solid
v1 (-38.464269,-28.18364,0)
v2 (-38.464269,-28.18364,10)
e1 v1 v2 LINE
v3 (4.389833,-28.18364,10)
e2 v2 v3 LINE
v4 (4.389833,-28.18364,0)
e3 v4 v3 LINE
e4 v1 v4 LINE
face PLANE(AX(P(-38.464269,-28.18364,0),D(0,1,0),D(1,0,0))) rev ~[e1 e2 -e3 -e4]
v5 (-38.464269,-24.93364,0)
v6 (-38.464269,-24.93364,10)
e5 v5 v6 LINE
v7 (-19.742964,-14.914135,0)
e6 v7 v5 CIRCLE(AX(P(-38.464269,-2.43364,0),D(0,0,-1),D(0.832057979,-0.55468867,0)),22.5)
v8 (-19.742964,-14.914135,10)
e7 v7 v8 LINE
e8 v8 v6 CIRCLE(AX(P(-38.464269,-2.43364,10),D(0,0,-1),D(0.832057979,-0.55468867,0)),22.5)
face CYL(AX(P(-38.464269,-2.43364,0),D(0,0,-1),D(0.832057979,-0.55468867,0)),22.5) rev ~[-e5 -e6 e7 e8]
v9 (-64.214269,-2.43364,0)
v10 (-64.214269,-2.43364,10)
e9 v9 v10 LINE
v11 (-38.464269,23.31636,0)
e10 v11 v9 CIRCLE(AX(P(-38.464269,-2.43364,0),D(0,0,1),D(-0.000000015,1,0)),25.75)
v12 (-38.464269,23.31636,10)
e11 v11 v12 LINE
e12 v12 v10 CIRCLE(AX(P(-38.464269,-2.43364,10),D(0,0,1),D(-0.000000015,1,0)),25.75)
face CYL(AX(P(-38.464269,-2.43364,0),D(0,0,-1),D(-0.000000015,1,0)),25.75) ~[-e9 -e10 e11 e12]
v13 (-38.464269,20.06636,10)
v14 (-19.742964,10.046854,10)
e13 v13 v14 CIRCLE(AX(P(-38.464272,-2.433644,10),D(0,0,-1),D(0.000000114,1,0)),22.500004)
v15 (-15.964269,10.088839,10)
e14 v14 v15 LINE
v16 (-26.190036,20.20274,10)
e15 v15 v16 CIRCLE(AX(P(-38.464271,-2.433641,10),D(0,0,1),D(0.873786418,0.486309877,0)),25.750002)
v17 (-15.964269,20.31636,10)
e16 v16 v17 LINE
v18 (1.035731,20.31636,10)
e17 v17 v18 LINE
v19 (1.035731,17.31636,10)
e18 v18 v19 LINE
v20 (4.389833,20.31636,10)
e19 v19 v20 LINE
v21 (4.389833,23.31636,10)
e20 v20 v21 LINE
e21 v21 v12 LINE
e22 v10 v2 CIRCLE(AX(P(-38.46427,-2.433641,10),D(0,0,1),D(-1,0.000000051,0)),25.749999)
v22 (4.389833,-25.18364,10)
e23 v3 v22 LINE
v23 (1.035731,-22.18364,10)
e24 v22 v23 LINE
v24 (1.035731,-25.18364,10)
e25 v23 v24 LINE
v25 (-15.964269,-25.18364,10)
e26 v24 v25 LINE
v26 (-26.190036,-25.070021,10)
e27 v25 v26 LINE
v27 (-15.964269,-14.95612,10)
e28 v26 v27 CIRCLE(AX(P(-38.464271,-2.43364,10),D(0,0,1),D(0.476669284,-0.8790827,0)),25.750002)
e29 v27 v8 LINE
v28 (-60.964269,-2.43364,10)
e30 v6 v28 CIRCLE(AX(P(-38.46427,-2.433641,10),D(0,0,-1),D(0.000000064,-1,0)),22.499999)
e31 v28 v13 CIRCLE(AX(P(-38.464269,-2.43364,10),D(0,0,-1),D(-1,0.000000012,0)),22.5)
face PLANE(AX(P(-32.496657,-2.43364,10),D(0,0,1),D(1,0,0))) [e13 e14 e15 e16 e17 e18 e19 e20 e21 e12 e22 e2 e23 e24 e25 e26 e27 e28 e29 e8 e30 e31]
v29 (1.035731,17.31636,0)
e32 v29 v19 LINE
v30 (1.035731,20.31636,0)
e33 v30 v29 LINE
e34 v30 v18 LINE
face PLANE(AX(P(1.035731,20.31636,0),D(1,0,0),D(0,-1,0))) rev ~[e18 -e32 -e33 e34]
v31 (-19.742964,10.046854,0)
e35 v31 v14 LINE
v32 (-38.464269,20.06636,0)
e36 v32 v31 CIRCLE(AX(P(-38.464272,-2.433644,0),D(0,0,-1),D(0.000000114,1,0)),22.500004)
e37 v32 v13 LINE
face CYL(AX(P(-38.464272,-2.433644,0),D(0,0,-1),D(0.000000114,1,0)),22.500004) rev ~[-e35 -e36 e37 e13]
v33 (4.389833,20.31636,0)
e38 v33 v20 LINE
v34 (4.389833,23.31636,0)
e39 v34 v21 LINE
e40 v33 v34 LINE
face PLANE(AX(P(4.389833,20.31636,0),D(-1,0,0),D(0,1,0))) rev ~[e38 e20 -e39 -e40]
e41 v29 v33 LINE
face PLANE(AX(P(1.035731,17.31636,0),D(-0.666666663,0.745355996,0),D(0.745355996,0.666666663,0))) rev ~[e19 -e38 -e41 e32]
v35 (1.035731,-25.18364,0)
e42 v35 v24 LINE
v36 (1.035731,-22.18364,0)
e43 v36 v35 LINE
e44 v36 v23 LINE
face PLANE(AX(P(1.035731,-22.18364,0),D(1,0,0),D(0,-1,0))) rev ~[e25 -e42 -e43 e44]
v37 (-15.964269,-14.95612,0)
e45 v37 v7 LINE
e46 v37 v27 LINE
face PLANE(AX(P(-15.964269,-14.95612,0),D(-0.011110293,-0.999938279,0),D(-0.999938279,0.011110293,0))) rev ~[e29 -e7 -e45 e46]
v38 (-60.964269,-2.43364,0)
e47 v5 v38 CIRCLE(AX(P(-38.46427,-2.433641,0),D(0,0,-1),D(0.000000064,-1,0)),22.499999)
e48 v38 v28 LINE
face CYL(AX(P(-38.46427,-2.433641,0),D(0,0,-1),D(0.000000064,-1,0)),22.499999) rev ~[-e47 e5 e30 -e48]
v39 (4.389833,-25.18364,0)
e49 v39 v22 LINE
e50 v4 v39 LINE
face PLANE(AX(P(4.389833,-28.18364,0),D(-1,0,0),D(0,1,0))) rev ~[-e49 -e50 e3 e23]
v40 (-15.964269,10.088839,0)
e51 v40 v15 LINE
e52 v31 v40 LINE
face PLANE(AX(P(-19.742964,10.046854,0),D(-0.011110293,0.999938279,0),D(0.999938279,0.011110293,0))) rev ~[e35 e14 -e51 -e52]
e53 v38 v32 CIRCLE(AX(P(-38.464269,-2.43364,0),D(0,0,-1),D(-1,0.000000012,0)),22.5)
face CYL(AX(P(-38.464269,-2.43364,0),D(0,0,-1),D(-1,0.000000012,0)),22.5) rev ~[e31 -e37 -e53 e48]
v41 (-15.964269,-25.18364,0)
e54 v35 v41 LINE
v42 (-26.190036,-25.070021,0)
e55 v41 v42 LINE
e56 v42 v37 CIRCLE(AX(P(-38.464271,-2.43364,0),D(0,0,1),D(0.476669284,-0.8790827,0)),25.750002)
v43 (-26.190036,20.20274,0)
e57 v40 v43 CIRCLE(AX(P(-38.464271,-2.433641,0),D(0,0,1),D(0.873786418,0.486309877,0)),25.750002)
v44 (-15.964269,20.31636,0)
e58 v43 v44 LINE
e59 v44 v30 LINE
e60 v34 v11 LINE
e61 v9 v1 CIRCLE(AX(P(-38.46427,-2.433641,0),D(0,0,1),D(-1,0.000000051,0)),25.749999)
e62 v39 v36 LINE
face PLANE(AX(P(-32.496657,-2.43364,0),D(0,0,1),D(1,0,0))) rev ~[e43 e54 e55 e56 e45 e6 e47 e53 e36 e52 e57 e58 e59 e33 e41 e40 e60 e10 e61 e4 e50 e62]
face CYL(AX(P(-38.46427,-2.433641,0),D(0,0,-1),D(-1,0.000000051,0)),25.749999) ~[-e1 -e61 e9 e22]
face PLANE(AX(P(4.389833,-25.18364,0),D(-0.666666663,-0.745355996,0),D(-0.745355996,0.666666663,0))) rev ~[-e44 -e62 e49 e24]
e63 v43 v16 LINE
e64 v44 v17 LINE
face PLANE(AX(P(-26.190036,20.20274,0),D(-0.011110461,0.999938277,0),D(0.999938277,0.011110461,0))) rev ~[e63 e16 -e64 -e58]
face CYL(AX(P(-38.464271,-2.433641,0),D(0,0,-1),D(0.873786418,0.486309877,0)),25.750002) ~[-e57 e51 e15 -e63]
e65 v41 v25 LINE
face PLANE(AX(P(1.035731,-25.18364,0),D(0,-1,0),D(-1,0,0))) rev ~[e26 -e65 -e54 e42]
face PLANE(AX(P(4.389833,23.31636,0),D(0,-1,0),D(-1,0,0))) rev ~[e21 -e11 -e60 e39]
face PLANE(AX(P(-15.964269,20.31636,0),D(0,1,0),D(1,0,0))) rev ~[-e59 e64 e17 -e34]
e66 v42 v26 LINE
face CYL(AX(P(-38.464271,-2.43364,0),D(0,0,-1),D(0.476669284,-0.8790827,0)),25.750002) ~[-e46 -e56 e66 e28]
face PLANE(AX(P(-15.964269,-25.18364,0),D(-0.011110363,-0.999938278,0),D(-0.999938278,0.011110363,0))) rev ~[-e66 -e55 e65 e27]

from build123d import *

# Parameters (mm, degrees)
F1_DEPTH = 10


with BuildPart() as f1:
    # F0 (on Top) → F1 (new body)
    with BuildSketch(Plane.XY):
        with BuildLine():
            Line((4.389833, 20.31636), (4.389833, 23.31636))
            Line((4.389833, 23.31636), (-38.464269, 23.31636))
            ThreePointArc((-38.464269, 23.31636), (-56.672269, 15.774359), (-64.214269, -2.43364))
            ThreePointArc((-64.214269, -2.43364), (-56.672269, -20.64164), (-38.464269, -28.18364))
            Line((-38.464269, -28.18364), (4.389833, -28.18364))
            Line((4.389833, -28.18364), (4.389833, -25.18364))
            Line((4.389833, -25.18364), (1.035731, -22.18364))
            Line((1.035731, -22.18364), (1.035731, -25.18364))
            Line((1.035731, -25.18364), (-15.964269, -25.18364))
            Line((-15.964269, -25.18364), (-26.190036, -25.070021))
            Line((-26.190036, -25.070021), (-38.464269, -24.93364))
            ThreePointArc((-38.464269, -24.93364), (-54.374172, -18.343543), (-60.964269, -2.43364))
            ThreePointArc((-60.964269, -2.43364), (-54.374172, 13.476262), (-38.464269, 20.06636))
            Line((-38.464269, 20.06636), (-26.190036, 20.20274))
            Line((-26.190036, 20.20274), (-15.964269, 20.31636))
            Line((-15.964269, 20.31636), (1.035731, 20.31636))
            Line((1.035731, 20.31636), (1.035731, 17.31636))
            Line((1.035731, 17.31636), (4.389833, 20.31636))
        make_face()
        with BuildLine():
            ThreePointArc((-15.964269, 10.088839), (-20.356686, 15.874225), (-26.190036, 20.20274))
            Line((-26.190036, 20.20274), (-38.464269, 20.06636))
            ThreePointArc((-38.464269, 20.06636), (-27.847328, 17.403964), (-19.742964, 10.046854))
            Line((-19.742964, 10.046854), (-15.964269, 10.088839))
        make_face()
        with BuildLine():
            ThreePointArc((-19.742964, -14.914135), (-27.847328, -22.271245), (-38.464269, -24.93364))
            Line((-38.464269, -24.93364), (-26.190036, -25.070021))
            ThreePointArc((-26.190036, -25.070021), (-20.356686, -20.741506), (-15.964269, -14.95612))
            Line((-15.964269, -14.95612), (-19.742964, -14.914135))
        make_face()
    extrude(amount=F1_DEPTH)


solid = f1.part
